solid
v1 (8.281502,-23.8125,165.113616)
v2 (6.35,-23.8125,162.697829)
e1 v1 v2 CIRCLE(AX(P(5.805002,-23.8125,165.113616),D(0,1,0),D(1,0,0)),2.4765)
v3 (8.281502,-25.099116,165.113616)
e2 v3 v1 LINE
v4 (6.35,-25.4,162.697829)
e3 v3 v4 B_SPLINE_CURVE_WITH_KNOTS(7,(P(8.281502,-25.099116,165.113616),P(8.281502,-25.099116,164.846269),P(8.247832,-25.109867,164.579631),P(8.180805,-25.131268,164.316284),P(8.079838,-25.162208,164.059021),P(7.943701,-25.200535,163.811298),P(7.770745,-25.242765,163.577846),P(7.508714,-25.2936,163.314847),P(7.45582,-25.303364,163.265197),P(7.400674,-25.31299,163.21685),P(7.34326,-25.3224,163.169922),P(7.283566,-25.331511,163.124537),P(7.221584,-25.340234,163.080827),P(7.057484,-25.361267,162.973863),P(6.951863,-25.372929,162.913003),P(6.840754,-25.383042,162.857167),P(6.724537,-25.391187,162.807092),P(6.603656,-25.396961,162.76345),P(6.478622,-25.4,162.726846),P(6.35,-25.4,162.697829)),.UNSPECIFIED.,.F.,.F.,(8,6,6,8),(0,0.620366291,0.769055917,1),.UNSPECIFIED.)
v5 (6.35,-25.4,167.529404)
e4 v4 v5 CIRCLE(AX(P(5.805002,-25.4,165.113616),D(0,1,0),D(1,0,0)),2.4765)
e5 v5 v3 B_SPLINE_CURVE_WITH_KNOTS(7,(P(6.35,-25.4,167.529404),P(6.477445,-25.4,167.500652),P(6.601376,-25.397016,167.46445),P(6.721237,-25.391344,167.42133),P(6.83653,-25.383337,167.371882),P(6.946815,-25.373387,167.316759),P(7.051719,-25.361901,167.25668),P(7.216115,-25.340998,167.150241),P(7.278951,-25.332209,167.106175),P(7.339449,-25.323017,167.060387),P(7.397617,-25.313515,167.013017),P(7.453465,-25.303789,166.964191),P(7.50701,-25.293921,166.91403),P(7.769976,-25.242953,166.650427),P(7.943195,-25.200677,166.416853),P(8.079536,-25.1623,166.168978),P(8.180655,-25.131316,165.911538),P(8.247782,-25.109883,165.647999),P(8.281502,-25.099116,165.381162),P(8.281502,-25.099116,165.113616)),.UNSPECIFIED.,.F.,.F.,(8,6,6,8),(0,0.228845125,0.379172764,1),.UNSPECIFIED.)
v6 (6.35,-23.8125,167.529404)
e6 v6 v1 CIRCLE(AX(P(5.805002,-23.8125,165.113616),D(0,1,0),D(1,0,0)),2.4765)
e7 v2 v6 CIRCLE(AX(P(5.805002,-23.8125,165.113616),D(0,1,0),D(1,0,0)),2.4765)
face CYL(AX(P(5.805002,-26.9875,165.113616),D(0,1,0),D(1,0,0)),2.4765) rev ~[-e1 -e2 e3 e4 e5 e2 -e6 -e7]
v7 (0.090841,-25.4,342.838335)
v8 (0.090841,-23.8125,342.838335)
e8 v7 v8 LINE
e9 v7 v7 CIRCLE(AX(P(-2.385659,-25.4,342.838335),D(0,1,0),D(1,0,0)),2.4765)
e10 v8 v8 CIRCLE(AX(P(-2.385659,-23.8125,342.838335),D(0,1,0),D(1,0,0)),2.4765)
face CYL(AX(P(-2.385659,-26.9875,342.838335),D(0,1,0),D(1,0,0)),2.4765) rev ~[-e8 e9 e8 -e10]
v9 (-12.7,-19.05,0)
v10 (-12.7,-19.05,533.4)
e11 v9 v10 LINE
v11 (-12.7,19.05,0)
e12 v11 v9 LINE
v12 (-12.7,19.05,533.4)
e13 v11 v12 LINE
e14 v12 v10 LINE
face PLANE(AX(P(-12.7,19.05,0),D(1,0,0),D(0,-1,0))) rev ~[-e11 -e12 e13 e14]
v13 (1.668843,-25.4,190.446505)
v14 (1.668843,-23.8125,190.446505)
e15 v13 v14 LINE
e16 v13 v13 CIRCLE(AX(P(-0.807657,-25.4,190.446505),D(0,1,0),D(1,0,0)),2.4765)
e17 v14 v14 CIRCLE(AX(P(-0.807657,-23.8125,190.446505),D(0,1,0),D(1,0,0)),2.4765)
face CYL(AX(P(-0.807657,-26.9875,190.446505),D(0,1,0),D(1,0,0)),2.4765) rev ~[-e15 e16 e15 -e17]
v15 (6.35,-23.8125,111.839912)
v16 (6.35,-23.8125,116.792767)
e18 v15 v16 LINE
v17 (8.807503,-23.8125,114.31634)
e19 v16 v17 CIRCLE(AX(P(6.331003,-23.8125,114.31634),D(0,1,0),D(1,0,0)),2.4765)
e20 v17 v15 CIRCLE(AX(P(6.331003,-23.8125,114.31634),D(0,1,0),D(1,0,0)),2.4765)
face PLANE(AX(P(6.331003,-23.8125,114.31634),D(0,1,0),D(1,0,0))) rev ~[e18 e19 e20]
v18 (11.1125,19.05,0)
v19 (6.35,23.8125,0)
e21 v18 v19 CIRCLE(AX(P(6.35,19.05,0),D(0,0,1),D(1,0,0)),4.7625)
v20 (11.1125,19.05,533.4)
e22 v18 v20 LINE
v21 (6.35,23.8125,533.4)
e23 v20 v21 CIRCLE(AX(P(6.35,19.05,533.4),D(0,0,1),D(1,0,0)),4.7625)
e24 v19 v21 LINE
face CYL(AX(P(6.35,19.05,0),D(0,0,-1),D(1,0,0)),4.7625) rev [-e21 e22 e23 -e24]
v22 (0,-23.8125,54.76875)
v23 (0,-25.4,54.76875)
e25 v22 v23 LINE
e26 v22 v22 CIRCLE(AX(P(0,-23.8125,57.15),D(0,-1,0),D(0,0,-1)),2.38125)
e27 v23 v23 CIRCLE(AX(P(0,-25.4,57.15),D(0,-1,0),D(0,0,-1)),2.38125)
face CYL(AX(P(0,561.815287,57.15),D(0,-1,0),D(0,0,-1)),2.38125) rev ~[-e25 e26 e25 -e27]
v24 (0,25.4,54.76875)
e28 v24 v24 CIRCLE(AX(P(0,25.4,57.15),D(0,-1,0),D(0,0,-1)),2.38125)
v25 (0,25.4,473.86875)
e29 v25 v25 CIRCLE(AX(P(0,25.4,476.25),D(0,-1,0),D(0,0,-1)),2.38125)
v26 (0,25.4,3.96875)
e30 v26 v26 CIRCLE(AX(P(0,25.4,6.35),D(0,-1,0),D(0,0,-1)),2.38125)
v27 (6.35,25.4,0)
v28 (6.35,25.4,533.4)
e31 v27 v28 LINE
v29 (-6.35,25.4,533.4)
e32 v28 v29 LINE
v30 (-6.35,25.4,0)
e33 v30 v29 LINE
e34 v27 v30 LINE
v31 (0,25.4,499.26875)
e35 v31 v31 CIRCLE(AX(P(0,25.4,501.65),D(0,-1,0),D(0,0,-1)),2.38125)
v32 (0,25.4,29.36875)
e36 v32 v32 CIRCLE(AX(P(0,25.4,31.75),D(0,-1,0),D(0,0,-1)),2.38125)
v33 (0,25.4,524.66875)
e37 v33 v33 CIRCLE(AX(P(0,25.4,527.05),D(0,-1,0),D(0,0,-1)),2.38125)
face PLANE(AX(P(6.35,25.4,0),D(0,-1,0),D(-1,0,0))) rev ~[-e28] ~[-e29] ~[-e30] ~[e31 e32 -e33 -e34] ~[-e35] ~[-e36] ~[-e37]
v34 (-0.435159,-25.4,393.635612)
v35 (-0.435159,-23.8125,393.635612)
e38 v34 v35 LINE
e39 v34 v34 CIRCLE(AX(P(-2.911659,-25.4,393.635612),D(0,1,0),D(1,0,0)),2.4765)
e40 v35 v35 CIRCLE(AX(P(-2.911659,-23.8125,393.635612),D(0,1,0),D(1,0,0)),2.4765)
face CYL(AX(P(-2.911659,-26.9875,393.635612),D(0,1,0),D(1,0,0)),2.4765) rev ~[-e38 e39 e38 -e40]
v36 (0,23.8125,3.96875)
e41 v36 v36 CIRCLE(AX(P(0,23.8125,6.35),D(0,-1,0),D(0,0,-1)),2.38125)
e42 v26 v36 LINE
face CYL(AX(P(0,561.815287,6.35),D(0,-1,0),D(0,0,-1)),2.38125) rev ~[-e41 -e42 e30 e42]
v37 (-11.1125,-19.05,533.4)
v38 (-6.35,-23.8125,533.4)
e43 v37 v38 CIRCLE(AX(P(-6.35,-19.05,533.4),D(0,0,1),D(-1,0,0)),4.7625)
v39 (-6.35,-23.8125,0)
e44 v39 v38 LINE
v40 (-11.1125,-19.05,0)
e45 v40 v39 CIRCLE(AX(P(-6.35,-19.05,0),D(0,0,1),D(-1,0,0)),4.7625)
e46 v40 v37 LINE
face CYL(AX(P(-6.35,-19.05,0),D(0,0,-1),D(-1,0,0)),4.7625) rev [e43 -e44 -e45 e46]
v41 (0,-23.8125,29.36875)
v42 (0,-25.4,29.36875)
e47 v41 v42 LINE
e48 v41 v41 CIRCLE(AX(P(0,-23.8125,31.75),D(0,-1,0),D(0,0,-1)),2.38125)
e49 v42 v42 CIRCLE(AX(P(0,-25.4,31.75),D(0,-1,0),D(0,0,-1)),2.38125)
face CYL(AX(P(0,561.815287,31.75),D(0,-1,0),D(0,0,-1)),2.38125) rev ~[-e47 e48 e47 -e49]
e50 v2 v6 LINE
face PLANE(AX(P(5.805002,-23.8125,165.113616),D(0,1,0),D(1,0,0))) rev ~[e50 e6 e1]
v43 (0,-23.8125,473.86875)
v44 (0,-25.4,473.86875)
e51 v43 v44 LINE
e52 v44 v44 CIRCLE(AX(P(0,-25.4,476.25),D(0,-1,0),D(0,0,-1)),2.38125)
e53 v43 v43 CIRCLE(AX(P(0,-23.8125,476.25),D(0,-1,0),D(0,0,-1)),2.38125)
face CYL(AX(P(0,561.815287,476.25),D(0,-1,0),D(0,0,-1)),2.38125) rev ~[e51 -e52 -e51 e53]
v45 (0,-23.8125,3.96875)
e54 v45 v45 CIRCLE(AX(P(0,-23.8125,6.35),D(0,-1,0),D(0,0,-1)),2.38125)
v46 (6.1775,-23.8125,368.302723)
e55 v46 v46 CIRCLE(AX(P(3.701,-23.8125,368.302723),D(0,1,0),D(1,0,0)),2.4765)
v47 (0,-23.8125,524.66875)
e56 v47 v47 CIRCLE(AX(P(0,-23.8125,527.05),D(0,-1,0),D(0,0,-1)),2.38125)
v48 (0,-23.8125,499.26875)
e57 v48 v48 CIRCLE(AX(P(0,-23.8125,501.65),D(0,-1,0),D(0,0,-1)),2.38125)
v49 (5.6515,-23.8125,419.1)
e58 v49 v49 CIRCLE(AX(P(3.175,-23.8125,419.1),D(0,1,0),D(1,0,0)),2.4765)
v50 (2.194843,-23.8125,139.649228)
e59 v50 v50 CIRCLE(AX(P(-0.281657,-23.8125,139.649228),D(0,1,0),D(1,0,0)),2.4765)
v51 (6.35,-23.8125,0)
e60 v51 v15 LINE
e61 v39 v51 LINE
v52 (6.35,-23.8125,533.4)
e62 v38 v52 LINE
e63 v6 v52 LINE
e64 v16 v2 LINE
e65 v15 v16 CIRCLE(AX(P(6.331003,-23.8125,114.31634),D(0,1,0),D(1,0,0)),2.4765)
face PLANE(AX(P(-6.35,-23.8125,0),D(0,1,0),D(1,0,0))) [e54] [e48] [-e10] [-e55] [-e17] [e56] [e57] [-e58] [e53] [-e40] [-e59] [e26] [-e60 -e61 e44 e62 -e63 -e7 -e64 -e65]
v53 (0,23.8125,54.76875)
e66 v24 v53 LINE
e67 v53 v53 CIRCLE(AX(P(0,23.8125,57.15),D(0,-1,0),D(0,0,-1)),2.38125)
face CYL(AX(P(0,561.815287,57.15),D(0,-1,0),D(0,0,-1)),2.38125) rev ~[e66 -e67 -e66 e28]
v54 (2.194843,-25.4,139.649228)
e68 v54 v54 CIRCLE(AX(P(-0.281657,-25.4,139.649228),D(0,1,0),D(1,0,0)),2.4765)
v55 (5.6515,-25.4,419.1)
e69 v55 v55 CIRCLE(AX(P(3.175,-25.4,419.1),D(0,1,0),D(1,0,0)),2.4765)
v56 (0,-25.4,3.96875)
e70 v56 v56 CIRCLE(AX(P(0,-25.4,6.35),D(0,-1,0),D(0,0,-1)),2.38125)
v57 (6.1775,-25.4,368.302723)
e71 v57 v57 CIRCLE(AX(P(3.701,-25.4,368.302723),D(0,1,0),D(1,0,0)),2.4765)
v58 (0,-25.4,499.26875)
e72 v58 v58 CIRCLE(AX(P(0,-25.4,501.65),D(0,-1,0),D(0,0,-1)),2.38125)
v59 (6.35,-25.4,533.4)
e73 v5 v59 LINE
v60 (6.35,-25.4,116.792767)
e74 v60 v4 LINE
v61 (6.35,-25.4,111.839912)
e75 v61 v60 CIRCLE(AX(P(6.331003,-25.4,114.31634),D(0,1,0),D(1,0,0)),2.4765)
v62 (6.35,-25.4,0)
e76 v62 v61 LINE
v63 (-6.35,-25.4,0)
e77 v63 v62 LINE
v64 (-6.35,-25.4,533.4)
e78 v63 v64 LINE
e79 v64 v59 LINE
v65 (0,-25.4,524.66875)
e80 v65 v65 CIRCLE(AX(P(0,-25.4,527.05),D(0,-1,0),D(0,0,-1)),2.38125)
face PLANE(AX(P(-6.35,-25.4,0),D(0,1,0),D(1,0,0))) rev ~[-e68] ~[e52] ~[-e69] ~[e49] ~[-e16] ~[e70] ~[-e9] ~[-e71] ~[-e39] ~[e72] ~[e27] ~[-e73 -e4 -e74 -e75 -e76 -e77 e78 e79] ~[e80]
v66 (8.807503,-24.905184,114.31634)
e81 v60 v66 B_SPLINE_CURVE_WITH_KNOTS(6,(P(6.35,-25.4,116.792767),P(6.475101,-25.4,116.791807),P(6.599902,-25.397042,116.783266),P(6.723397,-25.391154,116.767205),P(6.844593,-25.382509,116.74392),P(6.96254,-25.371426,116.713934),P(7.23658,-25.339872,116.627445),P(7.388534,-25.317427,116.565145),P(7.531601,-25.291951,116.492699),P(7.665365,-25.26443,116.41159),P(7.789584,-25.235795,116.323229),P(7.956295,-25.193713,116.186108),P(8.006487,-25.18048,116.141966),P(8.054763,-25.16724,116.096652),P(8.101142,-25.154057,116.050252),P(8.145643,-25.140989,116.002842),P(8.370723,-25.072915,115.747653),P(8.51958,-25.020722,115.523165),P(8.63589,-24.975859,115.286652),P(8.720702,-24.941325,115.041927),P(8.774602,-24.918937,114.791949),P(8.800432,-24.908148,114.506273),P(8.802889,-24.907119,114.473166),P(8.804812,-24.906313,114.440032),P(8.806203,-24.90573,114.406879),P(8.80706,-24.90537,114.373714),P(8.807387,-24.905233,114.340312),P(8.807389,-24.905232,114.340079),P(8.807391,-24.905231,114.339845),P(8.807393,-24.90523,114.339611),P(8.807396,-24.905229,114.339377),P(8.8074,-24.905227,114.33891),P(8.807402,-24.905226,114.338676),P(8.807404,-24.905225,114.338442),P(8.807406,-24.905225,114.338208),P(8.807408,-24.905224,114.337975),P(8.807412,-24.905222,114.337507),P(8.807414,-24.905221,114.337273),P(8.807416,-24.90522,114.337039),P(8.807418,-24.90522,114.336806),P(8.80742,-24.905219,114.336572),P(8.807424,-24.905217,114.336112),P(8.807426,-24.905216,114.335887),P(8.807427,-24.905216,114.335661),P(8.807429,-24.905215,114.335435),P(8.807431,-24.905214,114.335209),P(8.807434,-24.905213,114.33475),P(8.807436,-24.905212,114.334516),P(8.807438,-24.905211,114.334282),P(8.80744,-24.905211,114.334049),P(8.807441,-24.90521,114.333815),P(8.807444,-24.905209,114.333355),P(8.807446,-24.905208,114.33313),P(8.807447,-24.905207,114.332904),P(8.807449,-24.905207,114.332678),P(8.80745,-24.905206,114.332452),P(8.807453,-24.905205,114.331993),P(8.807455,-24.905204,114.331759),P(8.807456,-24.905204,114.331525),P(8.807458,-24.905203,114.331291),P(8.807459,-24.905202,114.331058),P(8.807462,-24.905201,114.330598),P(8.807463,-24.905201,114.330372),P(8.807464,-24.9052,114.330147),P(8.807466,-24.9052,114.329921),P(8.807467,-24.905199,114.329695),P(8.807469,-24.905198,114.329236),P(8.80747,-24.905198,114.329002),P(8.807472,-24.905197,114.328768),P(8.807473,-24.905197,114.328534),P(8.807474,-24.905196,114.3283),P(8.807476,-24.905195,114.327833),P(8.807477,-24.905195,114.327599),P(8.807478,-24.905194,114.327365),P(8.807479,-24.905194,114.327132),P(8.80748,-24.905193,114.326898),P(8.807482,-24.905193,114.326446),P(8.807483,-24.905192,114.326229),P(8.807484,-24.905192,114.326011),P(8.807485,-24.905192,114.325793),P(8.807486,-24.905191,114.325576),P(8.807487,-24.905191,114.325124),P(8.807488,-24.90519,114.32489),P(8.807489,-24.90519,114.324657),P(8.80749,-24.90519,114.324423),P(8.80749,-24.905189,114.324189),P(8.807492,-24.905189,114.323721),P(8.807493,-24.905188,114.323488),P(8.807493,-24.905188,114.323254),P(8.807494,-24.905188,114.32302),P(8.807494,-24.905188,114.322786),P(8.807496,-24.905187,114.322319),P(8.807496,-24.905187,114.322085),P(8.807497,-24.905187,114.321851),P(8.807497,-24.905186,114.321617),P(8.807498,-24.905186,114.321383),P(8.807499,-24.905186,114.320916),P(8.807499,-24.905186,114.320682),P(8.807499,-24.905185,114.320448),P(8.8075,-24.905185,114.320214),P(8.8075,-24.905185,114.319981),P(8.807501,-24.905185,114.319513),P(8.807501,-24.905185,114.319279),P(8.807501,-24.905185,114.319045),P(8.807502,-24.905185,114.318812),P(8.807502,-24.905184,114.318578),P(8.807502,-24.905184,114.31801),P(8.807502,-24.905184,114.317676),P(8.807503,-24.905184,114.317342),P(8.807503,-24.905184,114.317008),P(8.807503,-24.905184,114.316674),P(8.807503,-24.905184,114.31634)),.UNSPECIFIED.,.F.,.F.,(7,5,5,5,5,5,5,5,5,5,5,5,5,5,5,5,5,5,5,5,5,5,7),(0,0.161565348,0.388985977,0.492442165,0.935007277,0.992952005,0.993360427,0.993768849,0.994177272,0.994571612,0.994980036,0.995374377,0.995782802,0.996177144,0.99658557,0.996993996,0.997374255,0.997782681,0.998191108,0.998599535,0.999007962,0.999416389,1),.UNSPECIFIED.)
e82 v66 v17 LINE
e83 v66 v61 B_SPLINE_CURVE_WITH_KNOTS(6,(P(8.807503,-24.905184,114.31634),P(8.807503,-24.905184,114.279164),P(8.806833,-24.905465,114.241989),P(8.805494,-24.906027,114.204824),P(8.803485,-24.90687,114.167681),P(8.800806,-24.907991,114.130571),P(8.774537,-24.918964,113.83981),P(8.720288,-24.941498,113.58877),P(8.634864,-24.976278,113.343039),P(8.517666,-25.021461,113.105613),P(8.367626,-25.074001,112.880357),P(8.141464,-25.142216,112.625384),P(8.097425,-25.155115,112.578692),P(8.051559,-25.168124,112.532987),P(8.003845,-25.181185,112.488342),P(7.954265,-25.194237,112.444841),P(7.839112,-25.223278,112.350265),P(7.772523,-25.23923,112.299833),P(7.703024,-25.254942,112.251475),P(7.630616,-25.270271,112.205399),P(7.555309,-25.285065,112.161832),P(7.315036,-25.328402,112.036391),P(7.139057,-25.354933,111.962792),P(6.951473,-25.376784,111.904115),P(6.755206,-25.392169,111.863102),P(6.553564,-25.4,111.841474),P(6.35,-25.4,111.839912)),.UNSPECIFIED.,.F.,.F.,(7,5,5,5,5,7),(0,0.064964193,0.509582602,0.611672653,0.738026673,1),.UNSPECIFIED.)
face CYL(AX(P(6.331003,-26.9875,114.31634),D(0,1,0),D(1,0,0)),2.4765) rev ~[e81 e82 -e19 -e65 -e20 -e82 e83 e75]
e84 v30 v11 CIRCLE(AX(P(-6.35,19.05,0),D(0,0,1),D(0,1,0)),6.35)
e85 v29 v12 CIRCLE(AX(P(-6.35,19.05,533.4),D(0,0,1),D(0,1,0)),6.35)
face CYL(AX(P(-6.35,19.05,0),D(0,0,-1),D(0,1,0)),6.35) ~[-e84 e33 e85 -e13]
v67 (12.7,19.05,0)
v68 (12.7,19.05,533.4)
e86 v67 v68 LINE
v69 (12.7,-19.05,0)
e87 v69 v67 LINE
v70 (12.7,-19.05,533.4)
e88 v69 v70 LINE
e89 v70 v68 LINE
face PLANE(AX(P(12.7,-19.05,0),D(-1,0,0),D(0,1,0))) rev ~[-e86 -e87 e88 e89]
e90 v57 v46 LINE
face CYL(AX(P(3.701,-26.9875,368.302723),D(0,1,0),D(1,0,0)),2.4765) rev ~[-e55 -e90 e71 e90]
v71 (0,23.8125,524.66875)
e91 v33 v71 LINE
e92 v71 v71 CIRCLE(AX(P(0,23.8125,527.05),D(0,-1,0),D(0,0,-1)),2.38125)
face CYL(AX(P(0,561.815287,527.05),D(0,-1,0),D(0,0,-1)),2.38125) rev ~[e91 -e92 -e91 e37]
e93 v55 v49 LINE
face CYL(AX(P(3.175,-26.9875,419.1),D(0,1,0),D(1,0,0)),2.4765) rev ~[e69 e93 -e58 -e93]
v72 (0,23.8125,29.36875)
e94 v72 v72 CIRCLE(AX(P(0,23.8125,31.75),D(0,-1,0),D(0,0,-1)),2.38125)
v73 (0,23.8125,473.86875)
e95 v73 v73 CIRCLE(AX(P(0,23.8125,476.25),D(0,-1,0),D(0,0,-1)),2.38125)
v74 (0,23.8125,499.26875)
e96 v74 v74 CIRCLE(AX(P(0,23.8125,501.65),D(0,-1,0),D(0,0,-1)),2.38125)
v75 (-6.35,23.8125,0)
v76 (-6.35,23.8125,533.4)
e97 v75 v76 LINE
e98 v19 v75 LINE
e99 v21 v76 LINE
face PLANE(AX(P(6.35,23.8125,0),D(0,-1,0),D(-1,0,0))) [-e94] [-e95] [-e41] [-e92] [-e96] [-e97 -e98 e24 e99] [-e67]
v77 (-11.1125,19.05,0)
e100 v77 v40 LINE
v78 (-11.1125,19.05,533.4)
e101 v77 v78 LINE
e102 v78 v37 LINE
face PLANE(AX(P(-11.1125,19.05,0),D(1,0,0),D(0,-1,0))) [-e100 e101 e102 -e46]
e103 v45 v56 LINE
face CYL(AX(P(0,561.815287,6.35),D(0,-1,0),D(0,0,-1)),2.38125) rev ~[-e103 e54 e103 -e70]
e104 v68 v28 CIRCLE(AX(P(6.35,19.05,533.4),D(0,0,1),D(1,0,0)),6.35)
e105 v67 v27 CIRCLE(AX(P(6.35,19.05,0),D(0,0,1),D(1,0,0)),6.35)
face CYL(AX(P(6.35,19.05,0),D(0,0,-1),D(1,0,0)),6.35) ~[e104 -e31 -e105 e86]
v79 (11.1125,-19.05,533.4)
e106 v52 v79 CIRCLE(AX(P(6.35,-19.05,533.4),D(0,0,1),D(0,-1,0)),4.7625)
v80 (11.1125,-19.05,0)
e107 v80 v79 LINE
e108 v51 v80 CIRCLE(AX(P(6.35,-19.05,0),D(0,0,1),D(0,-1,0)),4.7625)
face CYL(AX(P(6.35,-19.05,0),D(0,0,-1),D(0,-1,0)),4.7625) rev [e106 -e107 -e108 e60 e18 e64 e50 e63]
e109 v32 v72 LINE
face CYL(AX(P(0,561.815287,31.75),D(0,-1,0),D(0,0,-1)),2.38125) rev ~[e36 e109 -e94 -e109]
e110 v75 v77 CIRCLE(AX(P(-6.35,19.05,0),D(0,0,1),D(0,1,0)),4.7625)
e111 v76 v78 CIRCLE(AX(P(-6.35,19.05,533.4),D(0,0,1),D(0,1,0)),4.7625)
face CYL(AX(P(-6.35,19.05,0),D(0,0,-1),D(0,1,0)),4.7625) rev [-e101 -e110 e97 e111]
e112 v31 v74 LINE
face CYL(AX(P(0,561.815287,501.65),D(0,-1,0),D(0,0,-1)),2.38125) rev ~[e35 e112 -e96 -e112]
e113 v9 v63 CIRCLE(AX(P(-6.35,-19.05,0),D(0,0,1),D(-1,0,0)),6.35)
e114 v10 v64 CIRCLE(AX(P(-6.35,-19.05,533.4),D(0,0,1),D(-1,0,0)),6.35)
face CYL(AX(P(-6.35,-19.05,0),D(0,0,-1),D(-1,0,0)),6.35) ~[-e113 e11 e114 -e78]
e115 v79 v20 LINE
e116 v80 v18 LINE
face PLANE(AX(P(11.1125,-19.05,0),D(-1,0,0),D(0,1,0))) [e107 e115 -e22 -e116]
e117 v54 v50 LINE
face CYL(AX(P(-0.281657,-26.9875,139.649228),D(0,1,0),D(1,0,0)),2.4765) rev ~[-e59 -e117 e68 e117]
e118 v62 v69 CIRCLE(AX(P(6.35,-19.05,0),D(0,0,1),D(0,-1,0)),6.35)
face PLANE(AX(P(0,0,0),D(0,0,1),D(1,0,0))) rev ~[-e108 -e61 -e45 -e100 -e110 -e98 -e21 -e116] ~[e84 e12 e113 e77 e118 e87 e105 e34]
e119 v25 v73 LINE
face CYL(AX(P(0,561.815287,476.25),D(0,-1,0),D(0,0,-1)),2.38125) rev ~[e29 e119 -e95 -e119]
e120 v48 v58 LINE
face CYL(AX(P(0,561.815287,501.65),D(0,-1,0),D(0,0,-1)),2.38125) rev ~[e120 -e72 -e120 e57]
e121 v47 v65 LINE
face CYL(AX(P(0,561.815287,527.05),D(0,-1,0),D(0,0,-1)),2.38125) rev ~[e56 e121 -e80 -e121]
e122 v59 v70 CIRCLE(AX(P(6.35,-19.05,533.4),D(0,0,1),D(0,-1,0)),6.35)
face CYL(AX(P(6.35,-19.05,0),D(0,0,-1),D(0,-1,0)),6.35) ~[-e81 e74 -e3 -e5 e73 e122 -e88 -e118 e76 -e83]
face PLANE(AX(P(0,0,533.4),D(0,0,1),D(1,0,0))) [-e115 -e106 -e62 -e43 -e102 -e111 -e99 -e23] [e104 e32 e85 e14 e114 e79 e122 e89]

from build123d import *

# Parameters (mm, degrees)
EXTRUDE_THIN1_DEPTH               = 533.4
F_3_16_0_1875_DIAMETER_HOLE1_D    = 4.7625
F_3_16_0_195_DIAMETER_HOLE1_D     = 4.953
F_3_16_0_195_DIAMETER_HOLE1_DEPTH = 1.5875


with BuildPart() as part:
    # Sketch1 → Extrude-Thin1 (new body)
    with BuildSketch(Plane.XY):
        with BuildLine():
            Line((-12.7, 19.05), (-12.7, -19.05))
            ThreePointArc((-12.7, -19.05), (-10.840128061, -23.540128061), (-6.35, -25.4))
            Line((-6.35, -25.4), (6.35, -25.4))
            ThreePointArc((6.35, -25.4), (10.840128061, -23.540128061), (12.7, -19.05))
            Line((12.7, -19.05), (12.7, 19.05))
            ThreePointArc((12.7, 19.05), (10.840128061, 23.540128061), (6.35, 25.4))
            Line((6.35, 25.4), (-6.35, 25.4))
            ThreePointArc((-6.35, 25.4), (-10.840128061, 23.540128061), (-12.7, 19.05))
        make_face()
        with BuildLine():
            Line((-11.1125, 19.05), (-11.1125, -19.05))
            ThreePointArc((-11.1125, -19.05), (-9.717596045, -22.417596045), (-6.35, -23.8125))
            Line((-6.35, -23.8125), (6.35, -23.8125))
            ThreePointArc((6.35, -23.8125), (9.717596045, -22.417596045), (11.1125, -19.05))
            Line((11.1125, -19.05), (11.1125, 19.05))
            ThreePointArc((11.1125, 19.05), (9.717596045, 22.417596045), (6.35, 23.8125))
            Line((6.35, 23.8125), (-6.35, 23.8125))
            ThreePointArc((-6.35, 23.8125), (-9.717596045, 22.417596045), (-11.1125, 19.05))
        make_face(mode=Mode.SUBTRACT)
    extrude(amount=EXTRUDE_THIN1_DEPTH)

    # 3/16 (0.1875) Diameter Hole1 (through all)
    with Locations(Plane(origin=(0, 25.4, 527.05), x_dir=(0, 0, 1), z_dir=(0, 1, 0))):
        with Locations((0, 0), (-520.7, 0), (-495.3, 0), (-469.9, 0), (-25.4, 0), (-50.8, 0)):
            Hole(F_3_16_0_1875_DIAMETER_HOLE1_D / 2)

    # 3/16 (0.195) Diameter Hole1
    with Locations(Plane(origin=(0, -25.4, 0), x_dir=(-1, 0, 0), z_dir=(0, -1, 0))):
        with Locations((-6.331002809, -114.316339601), (0.281657017, -139.649227909), (-5.805002341, -165.113616334), (0.807657485, -190.446504642), (-3.175, -419.1), (2.911659358, -393.635611575), (-3.701000468, -368.302723267), (2.385658889, -342.838334842)):
            Hole(F_3_16_0_195_DIAMETER_HOLE1_D / 2, depth=F_3_16_0_195_DIAMETER_HOLE1_DEPTH)


solid = part.part
